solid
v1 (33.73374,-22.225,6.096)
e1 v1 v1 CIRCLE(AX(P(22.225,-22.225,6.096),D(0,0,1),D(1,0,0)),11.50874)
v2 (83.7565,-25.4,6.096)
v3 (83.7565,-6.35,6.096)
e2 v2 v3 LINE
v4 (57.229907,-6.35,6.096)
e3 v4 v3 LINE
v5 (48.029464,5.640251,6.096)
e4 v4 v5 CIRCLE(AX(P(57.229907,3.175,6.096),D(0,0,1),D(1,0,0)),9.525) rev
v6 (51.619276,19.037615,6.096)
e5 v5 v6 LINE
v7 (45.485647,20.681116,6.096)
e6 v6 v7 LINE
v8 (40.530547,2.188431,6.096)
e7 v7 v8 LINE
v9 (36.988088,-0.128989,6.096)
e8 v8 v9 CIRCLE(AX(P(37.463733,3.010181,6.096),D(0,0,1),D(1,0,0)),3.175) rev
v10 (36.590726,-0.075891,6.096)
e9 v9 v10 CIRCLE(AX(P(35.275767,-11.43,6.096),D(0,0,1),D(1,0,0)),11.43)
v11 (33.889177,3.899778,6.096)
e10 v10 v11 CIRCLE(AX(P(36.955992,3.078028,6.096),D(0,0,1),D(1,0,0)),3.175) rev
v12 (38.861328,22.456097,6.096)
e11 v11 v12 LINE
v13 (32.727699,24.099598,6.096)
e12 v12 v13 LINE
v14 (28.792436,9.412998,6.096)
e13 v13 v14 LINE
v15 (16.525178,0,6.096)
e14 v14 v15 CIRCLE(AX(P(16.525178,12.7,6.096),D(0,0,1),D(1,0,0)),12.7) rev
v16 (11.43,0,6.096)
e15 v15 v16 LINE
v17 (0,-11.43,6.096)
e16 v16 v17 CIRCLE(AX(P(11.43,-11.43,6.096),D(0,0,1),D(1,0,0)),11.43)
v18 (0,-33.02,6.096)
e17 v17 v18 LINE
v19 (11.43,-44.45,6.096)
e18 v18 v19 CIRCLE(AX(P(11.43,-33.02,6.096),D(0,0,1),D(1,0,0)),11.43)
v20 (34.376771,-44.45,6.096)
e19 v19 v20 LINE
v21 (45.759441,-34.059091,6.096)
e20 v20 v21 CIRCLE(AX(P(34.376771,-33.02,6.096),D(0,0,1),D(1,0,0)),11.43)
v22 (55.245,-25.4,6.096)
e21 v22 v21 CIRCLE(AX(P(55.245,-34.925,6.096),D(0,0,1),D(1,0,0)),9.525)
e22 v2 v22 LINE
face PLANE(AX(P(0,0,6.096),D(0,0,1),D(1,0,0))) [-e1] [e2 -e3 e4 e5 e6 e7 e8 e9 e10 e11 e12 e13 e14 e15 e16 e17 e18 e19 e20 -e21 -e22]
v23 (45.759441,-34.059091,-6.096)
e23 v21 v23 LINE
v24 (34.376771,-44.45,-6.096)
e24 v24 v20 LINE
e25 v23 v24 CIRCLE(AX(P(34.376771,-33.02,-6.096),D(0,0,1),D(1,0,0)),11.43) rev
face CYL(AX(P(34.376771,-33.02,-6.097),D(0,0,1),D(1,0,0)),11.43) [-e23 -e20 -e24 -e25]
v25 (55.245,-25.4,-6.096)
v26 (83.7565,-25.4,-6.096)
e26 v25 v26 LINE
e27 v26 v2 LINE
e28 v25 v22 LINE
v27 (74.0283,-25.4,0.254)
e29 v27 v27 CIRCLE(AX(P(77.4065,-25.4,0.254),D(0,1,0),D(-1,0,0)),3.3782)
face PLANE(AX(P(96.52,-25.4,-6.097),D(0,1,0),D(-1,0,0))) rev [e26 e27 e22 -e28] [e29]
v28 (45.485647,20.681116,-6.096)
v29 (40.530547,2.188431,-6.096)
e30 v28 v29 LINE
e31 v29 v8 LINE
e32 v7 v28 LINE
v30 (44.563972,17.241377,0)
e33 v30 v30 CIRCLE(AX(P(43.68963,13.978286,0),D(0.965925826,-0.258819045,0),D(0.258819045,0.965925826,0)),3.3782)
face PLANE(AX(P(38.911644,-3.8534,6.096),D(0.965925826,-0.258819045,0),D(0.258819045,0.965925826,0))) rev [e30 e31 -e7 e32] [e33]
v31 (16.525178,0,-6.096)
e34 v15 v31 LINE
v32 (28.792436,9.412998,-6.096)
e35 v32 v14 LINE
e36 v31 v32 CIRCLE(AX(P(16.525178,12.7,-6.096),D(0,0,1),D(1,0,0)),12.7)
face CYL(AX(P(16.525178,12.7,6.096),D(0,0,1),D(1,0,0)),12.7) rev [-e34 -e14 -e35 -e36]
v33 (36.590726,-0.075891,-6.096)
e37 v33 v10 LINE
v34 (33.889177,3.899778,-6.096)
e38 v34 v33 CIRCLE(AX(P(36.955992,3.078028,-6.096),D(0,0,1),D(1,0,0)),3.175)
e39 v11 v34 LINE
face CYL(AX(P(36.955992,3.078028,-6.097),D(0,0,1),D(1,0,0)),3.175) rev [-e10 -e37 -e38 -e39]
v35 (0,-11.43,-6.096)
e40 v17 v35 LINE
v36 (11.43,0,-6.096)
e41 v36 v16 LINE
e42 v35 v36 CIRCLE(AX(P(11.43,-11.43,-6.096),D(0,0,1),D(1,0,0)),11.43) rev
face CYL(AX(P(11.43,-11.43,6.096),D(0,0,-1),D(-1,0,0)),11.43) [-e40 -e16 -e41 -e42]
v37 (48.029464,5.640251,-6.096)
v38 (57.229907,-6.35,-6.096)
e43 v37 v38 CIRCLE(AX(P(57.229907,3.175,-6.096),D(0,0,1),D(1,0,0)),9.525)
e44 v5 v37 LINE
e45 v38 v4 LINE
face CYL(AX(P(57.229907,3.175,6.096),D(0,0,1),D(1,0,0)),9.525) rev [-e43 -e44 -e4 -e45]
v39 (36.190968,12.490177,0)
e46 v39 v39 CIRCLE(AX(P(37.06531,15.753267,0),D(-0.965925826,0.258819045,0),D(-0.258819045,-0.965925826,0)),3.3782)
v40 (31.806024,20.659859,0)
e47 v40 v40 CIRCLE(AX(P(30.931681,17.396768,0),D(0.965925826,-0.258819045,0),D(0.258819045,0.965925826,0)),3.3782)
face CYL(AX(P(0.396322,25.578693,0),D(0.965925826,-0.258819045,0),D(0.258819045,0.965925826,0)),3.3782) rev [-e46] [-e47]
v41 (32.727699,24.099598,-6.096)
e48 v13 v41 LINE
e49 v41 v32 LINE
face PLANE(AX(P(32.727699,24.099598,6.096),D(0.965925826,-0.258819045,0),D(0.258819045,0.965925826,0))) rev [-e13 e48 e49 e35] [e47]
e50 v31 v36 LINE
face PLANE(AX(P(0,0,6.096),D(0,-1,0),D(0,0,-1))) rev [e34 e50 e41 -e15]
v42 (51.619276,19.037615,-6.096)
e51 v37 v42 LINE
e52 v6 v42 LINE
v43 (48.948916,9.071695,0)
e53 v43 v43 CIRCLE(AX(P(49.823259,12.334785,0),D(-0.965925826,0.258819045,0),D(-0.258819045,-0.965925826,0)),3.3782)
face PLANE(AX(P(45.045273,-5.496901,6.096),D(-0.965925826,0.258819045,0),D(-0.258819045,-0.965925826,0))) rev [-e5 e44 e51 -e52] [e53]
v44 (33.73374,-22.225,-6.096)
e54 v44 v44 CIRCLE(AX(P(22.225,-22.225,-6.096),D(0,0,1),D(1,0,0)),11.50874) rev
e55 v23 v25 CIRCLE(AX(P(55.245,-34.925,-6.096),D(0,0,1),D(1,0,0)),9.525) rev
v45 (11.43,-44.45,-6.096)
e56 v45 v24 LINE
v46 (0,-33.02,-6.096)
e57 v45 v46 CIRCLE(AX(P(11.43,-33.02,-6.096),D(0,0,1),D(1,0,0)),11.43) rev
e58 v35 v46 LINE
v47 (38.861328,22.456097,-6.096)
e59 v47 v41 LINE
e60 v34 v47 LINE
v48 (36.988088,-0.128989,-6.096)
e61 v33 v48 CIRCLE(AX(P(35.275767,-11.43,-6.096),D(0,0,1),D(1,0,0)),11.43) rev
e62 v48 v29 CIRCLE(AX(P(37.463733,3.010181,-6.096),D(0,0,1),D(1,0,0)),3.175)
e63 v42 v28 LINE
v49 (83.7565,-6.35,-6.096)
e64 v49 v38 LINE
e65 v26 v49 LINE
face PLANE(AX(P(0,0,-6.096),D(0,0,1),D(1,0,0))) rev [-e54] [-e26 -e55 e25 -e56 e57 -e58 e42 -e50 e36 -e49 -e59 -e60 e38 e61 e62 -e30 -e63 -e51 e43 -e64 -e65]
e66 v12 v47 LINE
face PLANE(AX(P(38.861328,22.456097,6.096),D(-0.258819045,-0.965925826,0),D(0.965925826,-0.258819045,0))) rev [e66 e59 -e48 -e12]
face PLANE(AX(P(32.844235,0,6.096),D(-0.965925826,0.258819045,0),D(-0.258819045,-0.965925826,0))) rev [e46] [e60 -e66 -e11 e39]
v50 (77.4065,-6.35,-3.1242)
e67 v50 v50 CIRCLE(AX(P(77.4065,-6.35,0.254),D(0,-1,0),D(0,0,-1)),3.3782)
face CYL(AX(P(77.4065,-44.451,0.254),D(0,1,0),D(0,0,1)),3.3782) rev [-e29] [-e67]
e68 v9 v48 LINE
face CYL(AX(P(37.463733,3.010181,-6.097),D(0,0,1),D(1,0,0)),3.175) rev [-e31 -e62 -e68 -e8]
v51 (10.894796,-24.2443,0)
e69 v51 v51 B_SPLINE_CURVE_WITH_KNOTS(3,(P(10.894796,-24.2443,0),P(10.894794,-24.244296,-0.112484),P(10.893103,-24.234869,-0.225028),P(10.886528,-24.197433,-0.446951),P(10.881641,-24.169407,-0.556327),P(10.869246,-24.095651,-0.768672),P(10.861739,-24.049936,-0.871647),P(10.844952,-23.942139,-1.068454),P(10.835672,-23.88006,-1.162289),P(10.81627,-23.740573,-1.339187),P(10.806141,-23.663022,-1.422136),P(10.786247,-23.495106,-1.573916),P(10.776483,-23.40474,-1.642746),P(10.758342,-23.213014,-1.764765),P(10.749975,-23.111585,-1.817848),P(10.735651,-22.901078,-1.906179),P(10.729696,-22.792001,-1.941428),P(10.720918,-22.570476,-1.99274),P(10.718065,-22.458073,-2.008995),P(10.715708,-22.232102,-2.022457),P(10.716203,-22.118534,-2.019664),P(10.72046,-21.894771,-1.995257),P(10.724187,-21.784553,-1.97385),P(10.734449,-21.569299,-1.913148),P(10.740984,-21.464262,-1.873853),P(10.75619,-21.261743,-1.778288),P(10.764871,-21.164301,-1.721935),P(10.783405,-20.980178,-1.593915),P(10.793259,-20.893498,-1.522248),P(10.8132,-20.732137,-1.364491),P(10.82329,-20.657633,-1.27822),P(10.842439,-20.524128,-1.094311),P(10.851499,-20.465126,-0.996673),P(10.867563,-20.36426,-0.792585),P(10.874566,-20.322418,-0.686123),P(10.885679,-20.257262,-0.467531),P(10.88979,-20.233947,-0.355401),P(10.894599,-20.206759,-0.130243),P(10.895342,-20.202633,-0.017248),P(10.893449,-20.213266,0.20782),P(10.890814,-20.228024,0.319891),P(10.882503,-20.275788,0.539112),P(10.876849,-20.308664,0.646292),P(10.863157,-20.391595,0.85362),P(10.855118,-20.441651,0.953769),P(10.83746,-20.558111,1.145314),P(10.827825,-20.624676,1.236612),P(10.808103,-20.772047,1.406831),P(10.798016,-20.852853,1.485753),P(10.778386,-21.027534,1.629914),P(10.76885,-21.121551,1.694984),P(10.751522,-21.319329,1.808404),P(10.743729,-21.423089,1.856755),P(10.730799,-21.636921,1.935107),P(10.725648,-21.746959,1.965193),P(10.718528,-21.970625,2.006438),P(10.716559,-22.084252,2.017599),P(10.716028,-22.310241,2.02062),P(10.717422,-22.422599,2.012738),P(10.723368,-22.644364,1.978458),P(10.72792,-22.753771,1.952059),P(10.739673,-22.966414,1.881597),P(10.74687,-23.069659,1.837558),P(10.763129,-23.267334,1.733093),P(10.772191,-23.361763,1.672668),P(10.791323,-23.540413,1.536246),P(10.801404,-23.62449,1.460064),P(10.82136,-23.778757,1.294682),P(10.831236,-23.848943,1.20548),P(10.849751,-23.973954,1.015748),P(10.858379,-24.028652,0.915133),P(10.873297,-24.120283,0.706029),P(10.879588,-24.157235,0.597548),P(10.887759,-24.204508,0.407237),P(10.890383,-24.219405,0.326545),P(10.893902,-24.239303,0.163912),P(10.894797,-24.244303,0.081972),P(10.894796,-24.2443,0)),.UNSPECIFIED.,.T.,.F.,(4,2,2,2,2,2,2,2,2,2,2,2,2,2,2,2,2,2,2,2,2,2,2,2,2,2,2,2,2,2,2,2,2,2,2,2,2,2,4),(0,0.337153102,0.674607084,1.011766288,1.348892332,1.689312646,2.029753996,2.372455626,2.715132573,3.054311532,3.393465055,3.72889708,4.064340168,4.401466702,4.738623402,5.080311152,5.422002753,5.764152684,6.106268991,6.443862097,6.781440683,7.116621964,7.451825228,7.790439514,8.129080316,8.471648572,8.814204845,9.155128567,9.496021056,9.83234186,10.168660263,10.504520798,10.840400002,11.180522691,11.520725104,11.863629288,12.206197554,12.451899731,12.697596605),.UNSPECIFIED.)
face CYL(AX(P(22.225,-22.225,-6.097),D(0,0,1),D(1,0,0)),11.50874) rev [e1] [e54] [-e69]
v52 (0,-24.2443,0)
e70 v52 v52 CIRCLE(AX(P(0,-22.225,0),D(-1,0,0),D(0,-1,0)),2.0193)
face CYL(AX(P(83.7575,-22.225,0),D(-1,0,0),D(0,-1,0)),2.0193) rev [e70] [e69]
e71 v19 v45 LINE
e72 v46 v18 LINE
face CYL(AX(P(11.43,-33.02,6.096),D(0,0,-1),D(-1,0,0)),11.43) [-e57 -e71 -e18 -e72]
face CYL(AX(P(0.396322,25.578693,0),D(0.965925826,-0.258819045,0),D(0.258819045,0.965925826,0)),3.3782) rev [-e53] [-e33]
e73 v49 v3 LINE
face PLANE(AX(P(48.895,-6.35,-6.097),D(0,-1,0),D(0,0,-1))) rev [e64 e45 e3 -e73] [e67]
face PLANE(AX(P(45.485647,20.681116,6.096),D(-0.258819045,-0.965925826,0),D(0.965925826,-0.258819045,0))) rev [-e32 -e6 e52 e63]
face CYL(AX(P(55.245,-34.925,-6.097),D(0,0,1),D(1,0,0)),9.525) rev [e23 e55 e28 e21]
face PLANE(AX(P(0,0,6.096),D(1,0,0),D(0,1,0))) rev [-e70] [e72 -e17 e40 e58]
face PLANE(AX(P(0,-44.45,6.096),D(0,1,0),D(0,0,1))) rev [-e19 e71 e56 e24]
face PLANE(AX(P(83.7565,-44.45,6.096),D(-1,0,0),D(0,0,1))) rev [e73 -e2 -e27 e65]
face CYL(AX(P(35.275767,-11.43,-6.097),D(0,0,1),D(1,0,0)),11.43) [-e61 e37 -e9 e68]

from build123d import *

# Parameters (mm, degrees)
SKETCH1_W                = 96.52
SKETCH1_H                = 44.45
BOSS_EXTRUDE1_DEPTH      = 6.096
CUT_EXTRUDE1_REACH       = 108.961
SKETCH2_R                = 11.50874
CUT_EXTRUDE2_REACH       = 108.438
SKETCH3_R                = 3.3782
CUT_EXTRUDE3_REACH       = 108.961
SKETCH7_W                = 12.7635
SKETCH7_H                = 12.192
CUT_EXTRUDE5_DEPTH       = 104.946532487
FILLET1_R                = 11.43
CUT_EXTRUDE9_REACH       = 97.016
CUT_EXTRUDE9_END_RADIUS  = 11.50874
SKETCH11_R               = 2.0193
BOSS_EXTRUDE2_DEPTH      = 6.096
FILLET2_R                = 3.175
FILLET3_R                = 12.7
FILLET4_R                = 9.525
CUT_EXTRUDE10_DEPTH      = 57.546170308
CUT_EXTRUDE10_DEPTH_BACK = 57.546170308
SKETCH15_R               = 3.3782


with BuildPart() as part:
    # Sketch1 → Boss-Extrude1 (new, symmetric)
    with BuildSketch(Plane.XY):
        with Locations((48.26, -22.225)):
            Rectangle(SKETCH1_W, SKETCH1_H)
    extrude(amount=BOSS_EXTRUDE1_DEPTH, both=True)

    # Sketch2 → Cut-Extrude1 (cut, up to next)
    with BuildSketch(Plane.XY.offset(6.096), mode=Mode.PRIVATE) as cut_extrude1_sk1:
        with Locations((22.225, -22.225)):
            Circle(SKETCH2_R)
    cut_extrude1_tool1 = extrude(cut_extrude1_sk1.sketch, amount=-CUT_EXTRUDE1_REACH, mode=Mode.PRIVATE) & part.part
    add(cut_extrude1_tool1.solids().sort_by_distance((22.225, -22.225, 6.096))[0], mode=Mode.SUBTRACT)

    # Sketch3 → Cut-Extrude2 (cut, up to next)
    with BuildSketch(Plane(origin=(0, 0, 0), x_dir=(1, 0, 0), z_dir=(0, 1, 0)), mode=Mode.PRIVATE) as cut_extrude2_sk1:
        with Locations(Location((77.4065, -0.254, 0), (0, 0, 270))):
            Circle(SKETCH3_R)
    cut_extrude2_tool1 = extrude(cut_extrude2_sk1.sketch, amount=-CUT_EXTRUDE2_REACH, mode=Mode.PRIVATE) & part.part
    add(cut_extrude2_tool1.solids().sort_by_distance((77.4065, 0, 0.254))[0], mode=Mode.SUBTRACT)

    # Sketch4 → Cut-Extrude3 (cut, up to next)
    with BuildSketch(Plane.XY.offset(6.096), mode=Mode.PRIVATE) as cut_extrude3_sk1:
        with BuildLine():
            Line((48.895, 6.35), (96.52, 6.35))
            ThreePointArc((96.52, 6.35), (102.87, 0), (96.52, -6.35))
            Line((96.52, -6.35), (48.895, -6.35))
            ThreePointArc((48.895, -6.35), (42.545, 0), (48.895, 6.35))
        make_face()
    cut_extrude3_tool1 = extrude(cut_extrude3_sk1.sketch, amount=-CUT_EXTRUDE3_REACH, mode=Mode.PRIVATE) & part.part
    # Sketch4 → Cut-Extrude3 (cut, up to next)
    with BuildSketch(Plane.XY.offset(6.096), mode=Mode.PRIVATE) as cut_extrude3_sk2:
        with BuildLine():
            Line((45.72, -34.925), (45.72, -44.45))
            Line((45.72, -44.45), (55.245, -44.45))
            Line((55.245, -44.45), (96.52, -44.45))
            ThreePointArc((96.52, -44.45), (106.045, -34.925), (96.52, -25.4))
            Line((96.52, -25.4), (55.245, -25.4))
            ThreePointArc((55.245, -25.4), (48.509807909, -28.189807909), (45.72, -34.925))
        make_face()
    cut_extrude3_tool2 = extrude(cut_extrude3_sk2.sketch, amount=-CUT_EXTRUDE3_REACH, mode=Mode.PRIVATE) & part.part
    add(cut_extrude3_tool1.solids().sort_by_distance((72.7075, 0, 6.096))[0], mode=Mode.SUBTRACT)
    add(cut_extrude3_tool2.solids().sort_by_distance((75.382091, -35.05704, 6.096))[0], mode=Mode.SUBTRACT)

    # Sketch7 → Cut-Extrude5 (cut, through all)
    with BuildSketch(Plane(origin=(0, -6.35, 0), x_dir=(1, 0, 0), z_dir=(0, 1, 0))):
        with Locations((90.13825, 0)):
            Rectangle(SKETCH7_W, SKETCH7_H)
    extrude(amount=-CUT_EXTRUDE5_DEPTH, mode=Mode.SUBTRACT)

    # Fillet1
    fillet1_edges = [part.edges().sort_by_distance(p)[0] for p in [
        (42.545, 0, 0),
        (45.72, -44.45, 0),
        (0, -44.45, 0),
        (0, 0, 0),
    ]]
    fillet(fillet1_edges, radius=FILLET1_R)

    # Cut-Extrude9: up to this cylinder (the profile starts outside it)
    cut_extrude9_end = Plane(origin=(22.225, -22.225, 0), z_dir=(0, 0, 1)) * Cylinder(CUT_EXTRUDE9_END_RADIUS, 218.04948, mode=Mode.PRIVATE)
    # Sketch11 → Cut-Extrude9 (cut, up to the surface)
    with BuildSketch(Plane.ZY, mode=Mode.PRIVATE) as cut_extrude9_sk1:
        with Locations(Location((0, -22.225, 0), (0, 0, 270))):
            Circle(SKETCH11_R)
    cut_extrude9_tool1 = extrude(cut_extrude9_sk1.sketch, amount=-CUT_EXTRUDE9_REACH, mode=Mode.PRIVATE) - cut_extrude9_end
    add(cut_extrude9_tool1.solids().sort_by_distance((0, -22.225, 0))[0], mode=Mode.SUBTRACT)

    # Sketch14 → Boss-Extrude2 (add, symmetric)
    with BuildSketch(Plane.XY):
        Polygon((45.045272578, -5.496900798), (51.619276324, 19.03761519), (45.485647327, 20.681116126), (38.911643582, -3.853399862), align=None)
        Polygon((26.270231172, 0), (32.844234917, 0), (38.86132801, 22.456097137), (32.727699014, 24.099598074), align=None)
    extrude(amount=BOSS_EXTRUDE2_DEPTH, both=True)

    # Fillet2
    fillet2_edges = [part.edges().sort_by_distance(p)[0] for p in [
        (32.844234917, 0, 0),
        (39.704874489, -0.893021814, 0),
    ]]
    fillet(fillet2_edges, radius=FILLET2_R)

    # Fillet3
    fillet3_edges = [part.edges().sort_by_distance(p)[0] for p in [
        (26.270231172, 0, 0),
    ]]
    fillet(fillet3_edges, radius=FILLET3_R)

    # Fillet4
    fillet4_edges = [part.edges().sort_by_distance(p)[0] for p in [
        (45.14505865, -5.124494109, 0),
    ]]
    fillet(fillet4_edges, radius=FILLET4_R)

    # Sketch15 → Cut-Extrude10 (cut, two sides: drawn at the far end of the back side and taken through both)
    with BuildSketch(Plane(origin=(43.402036675, -11.629540677, 0), x_dir=(0, 0, -1), z_dir=(0.9659258262890672, -0.25881904510252485, 0)).offset(-CUT_EXTRUDE10_DEPTH_BACK)):
        with Locations(Location((0, 24.80969599, 0), (0, 0, 90))):
            Circle(SKETCH15_R)
    extrude(amount=CUT_EXTRUDE10_DEPTH + CUT_EXTRUDE10_DEPTH_BACK, mode=Mode.SUBTRACT)


solid = part.part
